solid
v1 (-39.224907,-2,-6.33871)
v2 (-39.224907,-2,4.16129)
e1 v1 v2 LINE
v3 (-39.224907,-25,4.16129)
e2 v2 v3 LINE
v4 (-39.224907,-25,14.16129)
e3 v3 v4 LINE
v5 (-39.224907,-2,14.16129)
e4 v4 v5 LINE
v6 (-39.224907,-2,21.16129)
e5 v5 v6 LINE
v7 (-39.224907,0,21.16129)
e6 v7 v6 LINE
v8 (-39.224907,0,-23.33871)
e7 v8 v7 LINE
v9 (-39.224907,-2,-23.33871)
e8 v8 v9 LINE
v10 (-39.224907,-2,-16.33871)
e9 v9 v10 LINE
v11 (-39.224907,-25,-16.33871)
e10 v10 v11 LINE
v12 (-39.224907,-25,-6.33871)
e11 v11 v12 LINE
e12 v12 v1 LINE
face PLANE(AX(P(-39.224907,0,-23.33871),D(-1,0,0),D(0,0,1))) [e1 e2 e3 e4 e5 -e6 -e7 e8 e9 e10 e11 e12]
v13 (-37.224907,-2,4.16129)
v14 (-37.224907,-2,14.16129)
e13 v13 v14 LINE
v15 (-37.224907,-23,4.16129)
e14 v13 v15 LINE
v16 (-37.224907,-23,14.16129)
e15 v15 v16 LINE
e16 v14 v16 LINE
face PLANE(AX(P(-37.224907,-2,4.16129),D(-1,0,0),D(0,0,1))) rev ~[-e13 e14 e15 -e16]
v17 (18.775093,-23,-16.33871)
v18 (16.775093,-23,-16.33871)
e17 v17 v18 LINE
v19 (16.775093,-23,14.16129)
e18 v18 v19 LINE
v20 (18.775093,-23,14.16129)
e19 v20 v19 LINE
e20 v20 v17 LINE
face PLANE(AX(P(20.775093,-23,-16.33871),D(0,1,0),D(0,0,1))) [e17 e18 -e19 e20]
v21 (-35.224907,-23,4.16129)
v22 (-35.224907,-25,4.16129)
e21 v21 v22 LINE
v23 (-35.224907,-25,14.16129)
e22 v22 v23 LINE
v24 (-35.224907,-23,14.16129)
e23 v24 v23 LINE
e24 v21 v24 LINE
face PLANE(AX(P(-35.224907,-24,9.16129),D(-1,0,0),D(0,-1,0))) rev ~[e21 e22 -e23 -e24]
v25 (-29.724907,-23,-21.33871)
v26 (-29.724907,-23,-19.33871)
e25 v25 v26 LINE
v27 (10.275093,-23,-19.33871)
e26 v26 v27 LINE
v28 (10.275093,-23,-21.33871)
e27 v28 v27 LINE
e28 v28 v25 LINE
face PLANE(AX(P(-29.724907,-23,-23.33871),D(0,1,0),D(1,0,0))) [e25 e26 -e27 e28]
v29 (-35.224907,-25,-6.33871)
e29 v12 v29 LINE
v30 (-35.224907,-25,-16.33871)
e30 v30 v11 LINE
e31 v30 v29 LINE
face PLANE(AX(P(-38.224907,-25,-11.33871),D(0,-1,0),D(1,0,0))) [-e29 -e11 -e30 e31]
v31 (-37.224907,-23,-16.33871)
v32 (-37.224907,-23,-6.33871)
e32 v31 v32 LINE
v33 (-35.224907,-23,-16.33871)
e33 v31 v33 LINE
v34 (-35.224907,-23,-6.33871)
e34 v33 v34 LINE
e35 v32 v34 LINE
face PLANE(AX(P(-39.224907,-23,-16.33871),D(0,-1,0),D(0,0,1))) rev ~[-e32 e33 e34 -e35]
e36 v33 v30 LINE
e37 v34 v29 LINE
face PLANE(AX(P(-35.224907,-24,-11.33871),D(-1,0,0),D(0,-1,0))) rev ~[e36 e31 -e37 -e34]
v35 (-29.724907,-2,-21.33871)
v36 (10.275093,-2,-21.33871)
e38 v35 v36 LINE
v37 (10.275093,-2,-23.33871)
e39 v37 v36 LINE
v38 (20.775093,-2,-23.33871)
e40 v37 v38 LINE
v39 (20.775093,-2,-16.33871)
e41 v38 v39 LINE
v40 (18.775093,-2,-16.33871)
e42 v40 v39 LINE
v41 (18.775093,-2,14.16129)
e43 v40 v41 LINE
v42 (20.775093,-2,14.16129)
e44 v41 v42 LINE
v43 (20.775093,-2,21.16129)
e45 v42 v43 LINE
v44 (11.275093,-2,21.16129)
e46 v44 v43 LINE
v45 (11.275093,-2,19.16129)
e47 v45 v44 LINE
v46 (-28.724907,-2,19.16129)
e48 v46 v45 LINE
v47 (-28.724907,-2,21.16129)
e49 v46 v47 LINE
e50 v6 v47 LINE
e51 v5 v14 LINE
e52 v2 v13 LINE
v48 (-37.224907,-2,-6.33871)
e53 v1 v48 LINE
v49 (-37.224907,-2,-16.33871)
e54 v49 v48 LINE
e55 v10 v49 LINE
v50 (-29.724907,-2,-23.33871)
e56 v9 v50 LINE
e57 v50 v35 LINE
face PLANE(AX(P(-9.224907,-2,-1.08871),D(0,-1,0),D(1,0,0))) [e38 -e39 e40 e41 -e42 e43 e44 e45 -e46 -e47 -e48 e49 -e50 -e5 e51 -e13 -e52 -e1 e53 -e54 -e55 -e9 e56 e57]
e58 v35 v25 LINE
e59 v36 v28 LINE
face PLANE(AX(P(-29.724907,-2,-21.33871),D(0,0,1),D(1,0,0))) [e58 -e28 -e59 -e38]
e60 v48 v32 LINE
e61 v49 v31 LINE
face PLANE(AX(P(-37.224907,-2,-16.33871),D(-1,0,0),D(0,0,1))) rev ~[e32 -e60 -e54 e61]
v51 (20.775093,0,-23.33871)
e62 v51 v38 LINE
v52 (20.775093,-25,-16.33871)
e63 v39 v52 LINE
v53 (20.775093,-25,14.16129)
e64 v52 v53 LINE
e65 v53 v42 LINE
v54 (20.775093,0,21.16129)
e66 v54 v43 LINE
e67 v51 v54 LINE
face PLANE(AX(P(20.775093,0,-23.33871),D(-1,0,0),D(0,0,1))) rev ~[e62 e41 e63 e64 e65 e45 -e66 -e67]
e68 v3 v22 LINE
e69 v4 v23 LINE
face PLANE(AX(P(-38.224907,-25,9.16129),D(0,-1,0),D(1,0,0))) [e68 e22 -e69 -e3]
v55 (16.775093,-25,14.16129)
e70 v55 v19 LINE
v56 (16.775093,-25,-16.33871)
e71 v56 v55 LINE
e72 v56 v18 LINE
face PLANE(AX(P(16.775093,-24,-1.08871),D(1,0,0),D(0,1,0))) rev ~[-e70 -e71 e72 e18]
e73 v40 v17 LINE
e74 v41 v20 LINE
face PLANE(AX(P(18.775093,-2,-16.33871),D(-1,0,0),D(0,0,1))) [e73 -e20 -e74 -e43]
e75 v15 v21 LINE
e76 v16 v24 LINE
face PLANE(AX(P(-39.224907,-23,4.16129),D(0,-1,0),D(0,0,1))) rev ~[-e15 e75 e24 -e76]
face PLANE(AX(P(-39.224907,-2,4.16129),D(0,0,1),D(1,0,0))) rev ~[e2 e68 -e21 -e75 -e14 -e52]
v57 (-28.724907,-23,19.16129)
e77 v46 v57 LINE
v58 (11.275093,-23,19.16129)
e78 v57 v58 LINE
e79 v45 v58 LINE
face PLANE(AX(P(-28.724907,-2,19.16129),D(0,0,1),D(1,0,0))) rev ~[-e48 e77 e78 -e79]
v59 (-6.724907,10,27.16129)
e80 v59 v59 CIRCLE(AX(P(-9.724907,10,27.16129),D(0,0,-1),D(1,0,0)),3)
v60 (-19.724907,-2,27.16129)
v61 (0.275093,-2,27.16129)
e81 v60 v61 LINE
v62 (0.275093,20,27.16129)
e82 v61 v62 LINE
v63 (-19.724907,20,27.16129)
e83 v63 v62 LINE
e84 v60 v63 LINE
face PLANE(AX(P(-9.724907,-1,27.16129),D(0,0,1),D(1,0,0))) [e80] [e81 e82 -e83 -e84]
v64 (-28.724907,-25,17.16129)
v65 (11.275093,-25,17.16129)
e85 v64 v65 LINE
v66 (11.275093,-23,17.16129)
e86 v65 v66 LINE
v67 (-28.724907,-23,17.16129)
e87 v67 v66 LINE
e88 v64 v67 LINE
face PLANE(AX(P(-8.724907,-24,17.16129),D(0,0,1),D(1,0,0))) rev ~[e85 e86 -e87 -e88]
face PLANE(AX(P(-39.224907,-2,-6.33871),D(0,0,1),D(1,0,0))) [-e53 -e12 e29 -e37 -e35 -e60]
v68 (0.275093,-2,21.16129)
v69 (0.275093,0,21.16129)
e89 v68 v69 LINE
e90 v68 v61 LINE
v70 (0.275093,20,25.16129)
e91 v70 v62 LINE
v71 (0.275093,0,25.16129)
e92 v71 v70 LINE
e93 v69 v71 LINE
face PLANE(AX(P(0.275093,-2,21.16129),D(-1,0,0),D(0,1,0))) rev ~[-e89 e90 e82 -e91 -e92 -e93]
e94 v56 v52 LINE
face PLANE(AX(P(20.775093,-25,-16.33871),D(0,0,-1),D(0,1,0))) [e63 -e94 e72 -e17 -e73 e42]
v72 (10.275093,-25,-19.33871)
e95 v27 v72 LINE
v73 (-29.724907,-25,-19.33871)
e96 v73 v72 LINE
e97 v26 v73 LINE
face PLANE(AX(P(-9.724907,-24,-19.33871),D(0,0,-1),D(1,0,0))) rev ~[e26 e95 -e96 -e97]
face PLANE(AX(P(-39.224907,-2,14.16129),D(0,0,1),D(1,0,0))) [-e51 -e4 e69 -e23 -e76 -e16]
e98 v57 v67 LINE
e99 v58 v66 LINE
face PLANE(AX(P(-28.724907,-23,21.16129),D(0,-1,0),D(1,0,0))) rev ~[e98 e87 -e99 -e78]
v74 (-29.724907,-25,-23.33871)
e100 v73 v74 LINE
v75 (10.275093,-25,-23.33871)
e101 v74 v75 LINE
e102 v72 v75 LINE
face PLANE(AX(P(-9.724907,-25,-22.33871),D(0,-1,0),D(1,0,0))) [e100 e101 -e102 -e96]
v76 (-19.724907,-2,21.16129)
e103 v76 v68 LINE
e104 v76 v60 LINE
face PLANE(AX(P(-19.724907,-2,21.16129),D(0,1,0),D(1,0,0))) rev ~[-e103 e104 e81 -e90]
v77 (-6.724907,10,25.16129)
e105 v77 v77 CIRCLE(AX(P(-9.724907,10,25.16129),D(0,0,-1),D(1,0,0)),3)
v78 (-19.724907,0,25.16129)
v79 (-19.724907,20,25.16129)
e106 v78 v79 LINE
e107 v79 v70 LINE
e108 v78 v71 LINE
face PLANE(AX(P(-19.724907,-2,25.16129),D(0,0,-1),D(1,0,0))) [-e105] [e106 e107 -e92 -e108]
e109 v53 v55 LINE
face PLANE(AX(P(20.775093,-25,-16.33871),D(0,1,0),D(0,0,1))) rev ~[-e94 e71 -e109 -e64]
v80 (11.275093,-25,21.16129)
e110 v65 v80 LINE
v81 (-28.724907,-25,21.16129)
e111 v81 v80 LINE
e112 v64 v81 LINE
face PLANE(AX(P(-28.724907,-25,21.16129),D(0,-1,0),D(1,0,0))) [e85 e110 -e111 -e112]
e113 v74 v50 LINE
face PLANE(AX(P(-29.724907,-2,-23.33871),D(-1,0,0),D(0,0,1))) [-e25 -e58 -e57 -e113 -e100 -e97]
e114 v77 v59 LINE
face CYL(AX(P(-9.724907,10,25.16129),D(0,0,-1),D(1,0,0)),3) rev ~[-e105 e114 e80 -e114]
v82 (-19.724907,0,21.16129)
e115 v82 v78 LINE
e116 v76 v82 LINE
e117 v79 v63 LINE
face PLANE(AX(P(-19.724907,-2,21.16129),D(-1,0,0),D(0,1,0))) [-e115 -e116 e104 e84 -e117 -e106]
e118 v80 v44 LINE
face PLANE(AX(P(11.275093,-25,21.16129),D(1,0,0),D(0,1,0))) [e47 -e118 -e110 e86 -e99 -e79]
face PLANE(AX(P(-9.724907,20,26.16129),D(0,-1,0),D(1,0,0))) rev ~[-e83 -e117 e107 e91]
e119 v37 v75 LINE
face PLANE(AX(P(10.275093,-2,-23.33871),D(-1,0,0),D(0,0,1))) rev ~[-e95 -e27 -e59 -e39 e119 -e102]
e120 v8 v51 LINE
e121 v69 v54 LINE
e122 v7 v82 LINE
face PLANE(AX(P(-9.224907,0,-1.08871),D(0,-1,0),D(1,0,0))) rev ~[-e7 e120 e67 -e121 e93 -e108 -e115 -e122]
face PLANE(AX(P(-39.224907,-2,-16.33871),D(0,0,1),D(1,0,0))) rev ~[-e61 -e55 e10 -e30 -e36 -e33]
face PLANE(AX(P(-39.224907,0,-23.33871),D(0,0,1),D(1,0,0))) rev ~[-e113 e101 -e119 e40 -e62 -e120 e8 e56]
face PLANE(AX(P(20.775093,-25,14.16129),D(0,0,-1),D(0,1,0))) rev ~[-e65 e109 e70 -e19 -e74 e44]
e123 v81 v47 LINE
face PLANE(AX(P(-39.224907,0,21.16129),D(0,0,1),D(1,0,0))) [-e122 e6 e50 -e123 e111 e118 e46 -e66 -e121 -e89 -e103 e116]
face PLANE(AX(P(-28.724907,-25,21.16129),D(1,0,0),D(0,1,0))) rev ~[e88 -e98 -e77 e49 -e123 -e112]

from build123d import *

# Parameters (mm, degrees)
F0_W      = 60
F0_H      = 44.5
F1_DEPTH  = 2
F2_W      = 40
F2_H      = 2
F2_W_2    = 2
F2_H_2    = 30.5
F2_H_3    = 10
F3_DEPTH  = 23
F4_W      = 40
F4_H      = 2
F5_DEPTH  = 4
F6_W      = 2
F6_H      = 10
F7_DEPTH  = 4
F8_W      = 40
F8_H      = 2
F9_DEPTH  = 4
F10_W     = 2
F10_H     = 30.5
F11_DEPTH = 4
F12_W     = 20
F12_H     = 2
F13_DEPTH = 6
F14_W     = 20
F14_H     = 2
F15_DEPTH = 22
F16_R     = 3
F17_DEPTH = 3


with BuildPart() as f1:
    # F0 (on Front) → F1 (new body)
    with BuildSketch(Plane.XZ):
        with Locations((-9.224907, -1.08871)):
            Rectangle(F0_W, F0_H)
    extrude(amount=F1_DEPTH)

    # F2 (on face) → F3 (join)
    with BuildSketch(Plane.XZ.offset(2)):
        with Locations((-8.724907, 20.16129)):
            Rectangle(F2_W, F2_H)
        with Locations((-9.724907, -22.33871)):
            Rectangle(F2_W, F2_H)
        with Locations((19.775093, -1.08871)):
            Rectangle(F2_W_2, F2_H_2)
        with Locations((-38.224907, 9.16129)):
            Rectangle(F2_W_2, F2_H_3)
        with Locations((-38.224907, -11.33871)):
            Rectangle(F2_W_2, F2_H_3)
    extrude(amount=F3_DEPTH)

    # F4 (on face) → F5 (join)
    with BuildSketch(Plane(origin=(0, 0, -23.33871), x_dir=(1, 0, 0), z_dir=(0, 0, -1))):
        with Locations((-9.724907, 24)):
            Rectangle(F4_W, F4_H)
    extrude(amount=-F5_DEPTH)

    # F6 (on face) → F7 (join)
    with BuildSketch(Plane(origin=(-39.224907, 0, 0), x_dir=(0, -1, 0), z_dir=(-1, 0, 0))):
        with Locations((24, 9.16129)):
            Rectangle(F6_W, F6_H)
        with Locations((24, -11.33871)):
            Rectangle(F6_W, F6_H)
    extrude(amount=-F7_DEPTH)

    # F8 (on face) → F9 (join)
    with BuildSketch(Plane.XY.offset(21.16129)):
        with Locations((-8.724907, -24)):
            Rectangle(F8_W, F8_H)
    extrude(amount=-F9_DEPTH)

    # F10 (on face) → F11 (join)
    with BuildSketch(Plane.YZ.offset(20.775093)):
        with Locations((-24, -1.08871)):
            Rectangle(F10_W, F10_H)
    extrude(amount=-F11_DEPTH)

    # F12 (on face) → F13 (join)
    with BuildSketch(Plane.XY.offset(21.16129)):
        with Locations((-9.724907, -1)):
            Rectangle(F12_W, F12_H)
    extrude(amount=F13_DEPTH)

    # F14 (on face) → F15 (join)
    with BuildSketch(Plane.XZ.offset(2)):
        with Locations((-9.724907, 26.16129)):
            Rectangle(F14_W, F14_H)
    extrude(amount=-F15_DEPTH)

    # F16 (on face) → F17 (cut)
    with BuildSketch(Plane(origin=(0, 0, 25.16129), x_dir=(1, 0, 0), z_dir=(0, 0, -1))):
        with Locations((-9.724907, -10)):
            Circle(F16_R)
    extrude(amount=-F17_DEPTH, mode=Mode.SUBTRACT)


solid = f1.part
